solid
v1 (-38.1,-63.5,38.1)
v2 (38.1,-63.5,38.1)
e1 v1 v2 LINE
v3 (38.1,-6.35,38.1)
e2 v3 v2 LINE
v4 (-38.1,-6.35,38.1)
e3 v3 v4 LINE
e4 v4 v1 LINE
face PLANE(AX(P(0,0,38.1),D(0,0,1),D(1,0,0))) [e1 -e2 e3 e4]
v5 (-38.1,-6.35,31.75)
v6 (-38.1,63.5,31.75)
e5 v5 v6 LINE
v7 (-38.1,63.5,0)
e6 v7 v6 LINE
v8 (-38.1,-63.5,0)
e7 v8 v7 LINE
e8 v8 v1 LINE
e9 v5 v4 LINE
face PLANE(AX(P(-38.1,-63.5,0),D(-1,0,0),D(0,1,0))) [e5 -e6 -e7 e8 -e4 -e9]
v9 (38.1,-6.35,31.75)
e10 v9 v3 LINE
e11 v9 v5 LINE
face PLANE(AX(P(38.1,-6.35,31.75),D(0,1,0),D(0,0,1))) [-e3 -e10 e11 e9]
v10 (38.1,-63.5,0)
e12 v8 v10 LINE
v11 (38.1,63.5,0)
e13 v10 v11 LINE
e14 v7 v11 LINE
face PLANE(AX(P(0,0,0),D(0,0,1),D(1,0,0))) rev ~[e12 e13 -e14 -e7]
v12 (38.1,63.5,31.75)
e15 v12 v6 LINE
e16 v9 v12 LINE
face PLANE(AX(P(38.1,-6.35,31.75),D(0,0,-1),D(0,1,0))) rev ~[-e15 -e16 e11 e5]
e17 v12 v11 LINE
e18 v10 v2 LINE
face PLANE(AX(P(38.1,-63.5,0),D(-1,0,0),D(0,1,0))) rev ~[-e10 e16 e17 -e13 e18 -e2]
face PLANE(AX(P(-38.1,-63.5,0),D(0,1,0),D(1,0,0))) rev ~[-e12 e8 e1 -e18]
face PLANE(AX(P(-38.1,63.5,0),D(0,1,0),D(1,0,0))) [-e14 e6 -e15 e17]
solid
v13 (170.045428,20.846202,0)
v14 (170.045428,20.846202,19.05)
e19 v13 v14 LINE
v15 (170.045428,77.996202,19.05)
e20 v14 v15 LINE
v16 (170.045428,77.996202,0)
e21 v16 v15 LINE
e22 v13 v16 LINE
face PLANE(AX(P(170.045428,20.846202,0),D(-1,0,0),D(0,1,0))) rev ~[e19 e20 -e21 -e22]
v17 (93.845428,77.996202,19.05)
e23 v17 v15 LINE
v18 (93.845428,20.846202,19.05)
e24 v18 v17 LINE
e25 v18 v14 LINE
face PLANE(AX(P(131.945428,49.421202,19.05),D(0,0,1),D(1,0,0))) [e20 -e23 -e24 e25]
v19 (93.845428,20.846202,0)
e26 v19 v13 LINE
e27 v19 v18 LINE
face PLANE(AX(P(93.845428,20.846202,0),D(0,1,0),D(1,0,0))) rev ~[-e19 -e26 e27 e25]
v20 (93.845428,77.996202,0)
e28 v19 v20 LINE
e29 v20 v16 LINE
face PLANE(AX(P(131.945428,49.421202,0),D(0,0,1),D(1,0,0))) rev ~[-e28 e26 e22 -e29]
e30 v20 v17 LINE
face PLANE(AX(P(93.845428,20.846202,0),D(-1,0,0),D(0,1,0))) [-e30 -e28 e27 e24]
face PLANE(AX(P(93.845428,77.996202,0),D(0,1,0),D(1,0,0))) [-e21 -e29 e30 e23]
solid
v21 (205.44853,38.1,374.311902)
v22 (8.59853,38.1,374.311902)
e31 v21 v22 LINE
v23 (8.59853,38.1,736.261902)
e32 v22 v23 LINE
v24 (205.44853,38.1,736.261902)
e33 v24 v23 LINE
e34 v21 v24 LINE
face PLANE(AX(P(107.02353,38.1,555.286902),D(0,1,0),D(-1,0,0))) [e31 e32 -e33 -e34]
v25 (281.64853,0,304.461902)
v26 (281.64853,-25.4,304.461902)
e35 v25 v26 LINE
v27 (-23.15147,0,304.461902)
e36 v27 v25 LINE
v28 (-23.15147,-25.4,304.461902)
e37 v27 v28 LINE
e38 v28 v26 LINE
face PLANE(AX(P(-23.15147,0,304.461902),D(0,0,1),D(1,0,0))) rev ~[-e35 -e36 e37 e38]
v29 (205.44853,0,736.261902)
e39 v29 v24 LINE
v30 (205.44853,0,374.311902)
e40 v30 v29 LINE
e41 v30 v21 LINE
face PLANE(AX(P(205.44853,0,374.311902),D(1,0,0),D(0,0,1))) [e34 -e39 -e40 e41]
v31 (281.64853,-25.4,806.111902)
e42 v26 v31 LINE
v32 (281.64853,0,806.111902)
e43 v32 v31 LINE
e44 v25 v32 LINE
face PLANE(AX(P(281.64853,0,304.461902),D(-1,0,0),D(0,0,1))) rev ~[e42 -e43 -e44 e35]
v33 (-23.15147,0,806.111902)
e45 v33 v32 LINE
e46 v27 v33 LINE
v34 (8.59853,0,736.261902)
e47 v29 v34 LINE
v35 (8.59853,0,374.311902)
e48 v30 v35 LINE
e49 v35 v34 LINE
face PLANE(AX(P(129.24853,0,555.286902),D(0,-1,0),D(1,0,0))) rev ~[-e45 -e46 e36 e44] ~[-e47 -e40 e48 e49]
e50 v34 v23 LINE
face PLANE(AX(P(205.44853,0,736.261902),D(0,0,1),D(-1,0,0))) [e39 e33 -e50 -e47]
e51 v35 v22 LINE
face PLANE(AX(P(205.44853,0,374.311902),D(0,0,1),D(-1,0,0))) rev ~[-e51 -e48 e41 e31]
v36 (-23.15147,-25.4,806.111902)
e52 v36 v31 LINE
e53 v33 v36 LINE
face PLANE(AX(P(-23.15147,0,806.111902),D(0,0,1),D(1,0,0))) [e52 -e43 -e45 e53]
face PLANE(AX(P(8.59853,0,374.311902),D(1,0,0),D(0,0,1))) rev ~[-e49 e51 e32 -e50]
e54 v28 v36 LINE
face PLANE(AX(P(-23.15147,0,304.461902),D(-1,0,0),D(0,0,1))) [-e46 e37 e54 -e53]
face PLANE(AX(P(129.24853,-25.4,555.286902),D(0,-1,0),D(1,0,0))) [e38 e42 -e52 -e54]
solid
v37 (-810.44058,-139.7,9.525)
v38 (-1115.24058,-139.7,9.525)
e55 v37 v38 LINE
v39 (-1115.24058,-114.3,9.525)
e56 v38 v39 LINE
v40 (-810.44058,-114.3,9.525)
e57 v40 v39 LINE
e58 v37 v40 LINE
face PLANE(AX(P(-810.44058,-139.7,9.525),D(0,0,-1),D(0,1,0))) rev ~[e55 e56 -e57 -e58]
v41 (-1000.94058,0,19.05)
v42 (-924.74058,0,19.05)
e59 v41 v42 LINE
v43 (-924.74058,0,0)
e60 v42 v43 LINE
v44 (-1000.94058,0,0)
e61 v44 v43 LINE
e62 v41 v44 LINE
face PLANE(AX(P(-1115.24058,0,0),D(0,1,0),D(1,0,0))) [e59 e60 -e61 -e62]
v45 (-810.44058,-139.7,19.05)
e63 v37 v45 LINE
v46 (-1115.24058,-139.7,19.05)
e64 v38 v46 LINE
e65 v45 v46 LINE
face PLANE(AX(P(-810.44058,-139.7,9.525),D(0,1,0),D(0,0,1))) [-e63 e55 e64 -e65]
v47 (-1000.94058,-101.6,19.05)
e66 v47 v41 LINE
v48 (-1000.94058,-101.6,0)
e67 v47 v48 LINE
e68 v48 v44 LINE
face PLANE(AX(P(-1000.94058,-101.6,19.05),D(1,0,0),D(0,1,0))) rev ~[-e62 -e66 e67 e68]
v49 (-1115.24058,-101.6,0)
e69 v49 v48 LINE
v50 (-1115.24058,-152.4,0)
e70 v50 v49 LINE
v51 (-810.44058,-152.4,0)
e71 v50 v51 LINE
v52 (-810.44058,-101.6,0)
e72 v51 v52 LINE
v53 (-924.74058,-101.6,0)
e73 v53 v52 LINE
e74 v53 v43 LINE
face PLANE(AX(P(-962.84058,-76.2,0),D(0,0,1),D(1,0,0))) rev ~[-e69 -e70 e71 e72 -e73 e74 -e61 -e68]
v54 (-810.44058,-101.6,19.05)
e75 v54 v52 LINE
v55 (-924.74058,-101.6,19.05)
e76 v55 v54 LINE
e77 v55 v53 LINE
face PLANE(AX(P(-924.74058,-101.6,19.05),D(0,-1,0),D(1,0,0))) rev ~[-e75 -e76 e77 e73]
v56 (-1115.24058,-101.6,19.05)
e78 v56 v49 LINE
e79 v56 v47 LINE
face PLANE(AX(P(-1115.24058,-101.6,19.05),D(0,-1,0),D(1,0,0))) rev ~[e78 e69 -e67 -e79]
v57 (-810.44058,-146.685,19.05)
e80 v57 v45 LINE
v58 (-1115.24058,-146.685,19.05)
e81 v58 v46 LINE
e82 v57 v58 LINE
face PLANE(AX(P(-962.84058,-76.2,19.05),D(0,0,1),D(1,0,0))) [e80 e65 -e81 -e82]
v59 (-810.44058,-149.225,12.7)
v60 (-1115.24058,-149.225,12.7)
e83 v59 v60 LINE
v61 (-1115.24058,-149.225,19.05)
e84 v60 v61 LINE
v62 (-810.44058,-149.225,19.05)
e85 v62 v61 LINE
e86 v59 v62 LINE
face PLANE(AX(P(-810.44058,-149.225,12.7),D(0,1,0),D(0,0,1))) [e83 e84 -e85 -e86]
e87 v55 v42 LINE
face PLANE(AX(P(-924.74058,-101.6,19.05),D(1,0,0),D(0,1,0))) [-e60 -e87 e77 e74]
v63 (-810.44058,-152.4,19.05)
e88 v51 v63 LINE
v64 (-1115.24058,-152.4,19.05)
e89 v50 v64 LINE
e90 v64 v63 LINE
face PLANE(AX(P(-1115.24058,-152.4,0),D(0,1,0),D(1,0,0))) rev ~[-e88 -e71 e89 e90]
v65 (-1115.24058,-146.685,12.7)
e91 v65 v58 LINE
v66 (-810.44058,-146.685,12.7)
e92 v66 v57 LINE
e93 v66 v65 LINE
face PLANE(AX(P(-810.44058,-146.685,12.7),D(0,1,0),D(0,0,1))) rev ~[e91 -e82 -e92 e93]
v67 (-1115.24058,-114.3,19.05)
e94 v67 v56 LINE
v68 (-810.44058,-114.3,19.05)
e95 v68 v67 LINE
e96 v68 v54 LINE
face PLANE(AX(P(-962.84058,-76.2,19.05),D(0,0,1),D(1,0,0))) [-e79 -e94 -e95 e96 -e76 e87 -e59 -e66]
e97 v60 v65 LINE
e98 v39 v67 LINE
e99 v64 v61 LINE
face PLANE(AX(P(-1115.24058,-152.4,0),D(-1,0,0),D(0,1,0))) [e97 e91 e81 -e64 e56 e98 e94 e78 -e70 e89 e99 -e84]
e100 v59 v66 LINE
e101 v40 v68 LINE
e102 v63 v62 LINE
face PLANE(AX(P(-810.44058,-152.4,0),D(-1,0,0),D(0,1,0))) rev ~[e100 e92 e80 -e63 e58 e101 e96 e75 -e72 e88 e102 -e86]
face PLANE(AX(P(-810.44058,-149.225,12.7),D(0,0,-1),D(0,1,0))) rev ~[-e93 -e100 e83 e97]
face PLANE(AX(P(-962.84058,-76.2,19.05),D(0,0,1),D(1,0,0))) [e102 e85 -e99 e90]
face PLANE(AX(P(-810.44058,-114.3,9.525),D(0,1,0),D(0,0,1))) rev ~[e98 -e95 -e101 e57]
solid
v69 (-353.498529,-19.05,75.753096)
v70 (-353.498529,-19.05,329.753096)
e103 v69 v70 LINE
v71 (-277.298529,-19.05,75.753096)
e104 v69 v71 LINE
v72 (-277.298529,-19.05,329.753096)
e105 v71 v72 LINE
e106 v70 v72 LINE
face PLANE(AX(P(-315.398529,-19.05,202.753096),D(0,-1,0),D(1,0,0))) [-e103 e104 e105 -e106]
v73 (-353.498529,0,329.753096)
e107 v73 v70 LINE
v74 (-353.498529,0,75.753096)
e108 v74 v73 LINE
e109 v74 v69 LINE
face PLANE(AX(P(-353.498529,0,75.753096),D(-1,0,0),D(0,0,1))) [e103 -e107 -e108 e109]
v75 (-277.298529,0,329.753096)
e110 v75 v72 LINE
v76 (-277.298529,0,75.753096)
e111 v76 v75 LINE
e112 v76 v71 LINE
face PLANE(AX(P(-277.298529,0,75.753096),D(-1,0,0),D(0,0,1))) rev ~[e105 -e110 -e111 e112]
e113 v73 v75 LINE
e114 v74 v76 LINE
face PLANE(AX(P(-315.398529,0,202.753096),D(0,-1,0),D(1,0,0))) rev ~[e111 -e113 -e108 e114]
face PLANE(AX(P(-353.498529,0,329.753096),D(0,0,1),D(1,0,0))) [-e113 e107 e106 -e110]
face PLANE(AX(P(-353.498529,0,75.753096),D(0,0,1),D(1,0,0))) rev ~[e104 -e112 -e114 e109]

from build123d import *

# Parameters (mm, degrees)
F0_W      = 76.2
F0_H      = 127
F1_DEPTH  = 38.1
F2_W      = 69.85
F2_H      = 6.35
F3_DEPTH  = 76.2
F4_DEPTH  = 76.2
F5_W      = 76.2
F5_H      = 57.15
F6_DEPTH  = 19.05
F7_W      = 304.8
F7_H      = 152.4
F8_DEPTH  = 19.05
F9_W      = 114.3
F9_H      = 101.6
F10_DEPTH = 19.05
F11_W     = 2.54
F11_H     = 6.35
F11_W_2   = 25.4
F11_H_2   = 9.525
F12_DEPTH = 304.8
F13_W     = 76.2
F13_H     = 254
F14_DEPTH = 19.05
F15_W     = 304.8
F15_H     = 501.65
F16_DEPTH = 25.4
F17_W     = 196.85
F17_H     = 361.95
F18_DEPTH = 38.1


with BuildPart() as f1:
    # F0 (on Top) → F1 (new body)
    with BuildSketch(Plane.XY):
        Rectangle(F0_W, F0_H)
    extrude(amount=F1_DEPTH)

    # F2 (on face) → F3 (join, through all)
    with BuildSketch(Plane.YZ.offset(38.1)):
        with Locations((28.575, 34.925)):
            Rectangle(F2_W, F2_H)
    extrude(amount=-F3_DEPTH)

    # F2 (on face) → F4 (cut, through all)
    with BuildSketch(Plane.YZ.offset(38.1)):
        with Locations((28.575, 34.925)):
            Rectangle(F2_W, F2_H)
    extrude(amount=-F4_DEPTH, mode=Mode.SUBTRACT)


with BuildPart() as f6:
    # F5 (on Top) → F6 (new body)
    with BuildSketch(Plane.XY):
        with Locations((131.945428, 49.421202)):
            Rectangle(F5_W, F5_H)
    extrude(amount=F6_DEPTH)


with BuildPart() as f8:
    # F7 (on Top) → F8 (new body)
    with BuildSketch(Plane.XY):
        with Locations((-962.84058, -76.2)):
            Rectangle(F7_W, F7_H)
    extrude(amount=F8_DEPTH)

    # F9 (on face) → F10 (cut, through all)
    with BuildSketch(Plane.XY.offset(19.05)):
        with Locations((-867.59058, -50.8)):
            Rectangle(F9_W, F9_H)
        with Locations((-1058.09058, -50.8)):
            Rectangle(F9_W, F9_H)
    extrude(amount=-F10_DEPTH, mode=Mode.SUBTRACT)

    # F11 (on face) → F12 (cut, through all)
    with BuildSketch(Plane.YZ.offset(-810.44058)):
        with Locations((-147.955, 15.875)):
            Rectangle(F11_W, F11_H)
        with Locations((-127, 14.2875)):
            Rectangle(F11_W_2, F11_H_2)
    extrude(amount=-F12_DEPTH, mode=Mode.SUBTRACT)


with BuildPart() as f14:
    # F13 (on Front) → F14 (new body)
    with BuildSketch(Plane.XZ):
        with Locations((-315.398529, 202.753096)):
            Rectangle(F13_W, F13_H)
    extrude(amount=F14_DEPTH)


with BuildPart() as f16:
    # F15 (on Front) → F16 (new body)
    with BuildSketch(Plane.XZ):
        with Locations((129.24853, 555.286902)):
            Rectangle(F15_W, F15_H)
    extrude(amount=F16_DEPTH)

    # F17 (on face) → F18 (join)
    with BuildSketch(Plane(origin=(0, 0, 0), x_dir=(-1, 0, 0), z_dir=(0, 1, 0))):
        with Locations((-107.02353, 555.286902)):
            Rectangle(F17_W, F17_H)
    extrude(amount=F18_DEPTH)


solid = Compound([f1.part, f6.part, f8.part, f14.part, f16.part])
